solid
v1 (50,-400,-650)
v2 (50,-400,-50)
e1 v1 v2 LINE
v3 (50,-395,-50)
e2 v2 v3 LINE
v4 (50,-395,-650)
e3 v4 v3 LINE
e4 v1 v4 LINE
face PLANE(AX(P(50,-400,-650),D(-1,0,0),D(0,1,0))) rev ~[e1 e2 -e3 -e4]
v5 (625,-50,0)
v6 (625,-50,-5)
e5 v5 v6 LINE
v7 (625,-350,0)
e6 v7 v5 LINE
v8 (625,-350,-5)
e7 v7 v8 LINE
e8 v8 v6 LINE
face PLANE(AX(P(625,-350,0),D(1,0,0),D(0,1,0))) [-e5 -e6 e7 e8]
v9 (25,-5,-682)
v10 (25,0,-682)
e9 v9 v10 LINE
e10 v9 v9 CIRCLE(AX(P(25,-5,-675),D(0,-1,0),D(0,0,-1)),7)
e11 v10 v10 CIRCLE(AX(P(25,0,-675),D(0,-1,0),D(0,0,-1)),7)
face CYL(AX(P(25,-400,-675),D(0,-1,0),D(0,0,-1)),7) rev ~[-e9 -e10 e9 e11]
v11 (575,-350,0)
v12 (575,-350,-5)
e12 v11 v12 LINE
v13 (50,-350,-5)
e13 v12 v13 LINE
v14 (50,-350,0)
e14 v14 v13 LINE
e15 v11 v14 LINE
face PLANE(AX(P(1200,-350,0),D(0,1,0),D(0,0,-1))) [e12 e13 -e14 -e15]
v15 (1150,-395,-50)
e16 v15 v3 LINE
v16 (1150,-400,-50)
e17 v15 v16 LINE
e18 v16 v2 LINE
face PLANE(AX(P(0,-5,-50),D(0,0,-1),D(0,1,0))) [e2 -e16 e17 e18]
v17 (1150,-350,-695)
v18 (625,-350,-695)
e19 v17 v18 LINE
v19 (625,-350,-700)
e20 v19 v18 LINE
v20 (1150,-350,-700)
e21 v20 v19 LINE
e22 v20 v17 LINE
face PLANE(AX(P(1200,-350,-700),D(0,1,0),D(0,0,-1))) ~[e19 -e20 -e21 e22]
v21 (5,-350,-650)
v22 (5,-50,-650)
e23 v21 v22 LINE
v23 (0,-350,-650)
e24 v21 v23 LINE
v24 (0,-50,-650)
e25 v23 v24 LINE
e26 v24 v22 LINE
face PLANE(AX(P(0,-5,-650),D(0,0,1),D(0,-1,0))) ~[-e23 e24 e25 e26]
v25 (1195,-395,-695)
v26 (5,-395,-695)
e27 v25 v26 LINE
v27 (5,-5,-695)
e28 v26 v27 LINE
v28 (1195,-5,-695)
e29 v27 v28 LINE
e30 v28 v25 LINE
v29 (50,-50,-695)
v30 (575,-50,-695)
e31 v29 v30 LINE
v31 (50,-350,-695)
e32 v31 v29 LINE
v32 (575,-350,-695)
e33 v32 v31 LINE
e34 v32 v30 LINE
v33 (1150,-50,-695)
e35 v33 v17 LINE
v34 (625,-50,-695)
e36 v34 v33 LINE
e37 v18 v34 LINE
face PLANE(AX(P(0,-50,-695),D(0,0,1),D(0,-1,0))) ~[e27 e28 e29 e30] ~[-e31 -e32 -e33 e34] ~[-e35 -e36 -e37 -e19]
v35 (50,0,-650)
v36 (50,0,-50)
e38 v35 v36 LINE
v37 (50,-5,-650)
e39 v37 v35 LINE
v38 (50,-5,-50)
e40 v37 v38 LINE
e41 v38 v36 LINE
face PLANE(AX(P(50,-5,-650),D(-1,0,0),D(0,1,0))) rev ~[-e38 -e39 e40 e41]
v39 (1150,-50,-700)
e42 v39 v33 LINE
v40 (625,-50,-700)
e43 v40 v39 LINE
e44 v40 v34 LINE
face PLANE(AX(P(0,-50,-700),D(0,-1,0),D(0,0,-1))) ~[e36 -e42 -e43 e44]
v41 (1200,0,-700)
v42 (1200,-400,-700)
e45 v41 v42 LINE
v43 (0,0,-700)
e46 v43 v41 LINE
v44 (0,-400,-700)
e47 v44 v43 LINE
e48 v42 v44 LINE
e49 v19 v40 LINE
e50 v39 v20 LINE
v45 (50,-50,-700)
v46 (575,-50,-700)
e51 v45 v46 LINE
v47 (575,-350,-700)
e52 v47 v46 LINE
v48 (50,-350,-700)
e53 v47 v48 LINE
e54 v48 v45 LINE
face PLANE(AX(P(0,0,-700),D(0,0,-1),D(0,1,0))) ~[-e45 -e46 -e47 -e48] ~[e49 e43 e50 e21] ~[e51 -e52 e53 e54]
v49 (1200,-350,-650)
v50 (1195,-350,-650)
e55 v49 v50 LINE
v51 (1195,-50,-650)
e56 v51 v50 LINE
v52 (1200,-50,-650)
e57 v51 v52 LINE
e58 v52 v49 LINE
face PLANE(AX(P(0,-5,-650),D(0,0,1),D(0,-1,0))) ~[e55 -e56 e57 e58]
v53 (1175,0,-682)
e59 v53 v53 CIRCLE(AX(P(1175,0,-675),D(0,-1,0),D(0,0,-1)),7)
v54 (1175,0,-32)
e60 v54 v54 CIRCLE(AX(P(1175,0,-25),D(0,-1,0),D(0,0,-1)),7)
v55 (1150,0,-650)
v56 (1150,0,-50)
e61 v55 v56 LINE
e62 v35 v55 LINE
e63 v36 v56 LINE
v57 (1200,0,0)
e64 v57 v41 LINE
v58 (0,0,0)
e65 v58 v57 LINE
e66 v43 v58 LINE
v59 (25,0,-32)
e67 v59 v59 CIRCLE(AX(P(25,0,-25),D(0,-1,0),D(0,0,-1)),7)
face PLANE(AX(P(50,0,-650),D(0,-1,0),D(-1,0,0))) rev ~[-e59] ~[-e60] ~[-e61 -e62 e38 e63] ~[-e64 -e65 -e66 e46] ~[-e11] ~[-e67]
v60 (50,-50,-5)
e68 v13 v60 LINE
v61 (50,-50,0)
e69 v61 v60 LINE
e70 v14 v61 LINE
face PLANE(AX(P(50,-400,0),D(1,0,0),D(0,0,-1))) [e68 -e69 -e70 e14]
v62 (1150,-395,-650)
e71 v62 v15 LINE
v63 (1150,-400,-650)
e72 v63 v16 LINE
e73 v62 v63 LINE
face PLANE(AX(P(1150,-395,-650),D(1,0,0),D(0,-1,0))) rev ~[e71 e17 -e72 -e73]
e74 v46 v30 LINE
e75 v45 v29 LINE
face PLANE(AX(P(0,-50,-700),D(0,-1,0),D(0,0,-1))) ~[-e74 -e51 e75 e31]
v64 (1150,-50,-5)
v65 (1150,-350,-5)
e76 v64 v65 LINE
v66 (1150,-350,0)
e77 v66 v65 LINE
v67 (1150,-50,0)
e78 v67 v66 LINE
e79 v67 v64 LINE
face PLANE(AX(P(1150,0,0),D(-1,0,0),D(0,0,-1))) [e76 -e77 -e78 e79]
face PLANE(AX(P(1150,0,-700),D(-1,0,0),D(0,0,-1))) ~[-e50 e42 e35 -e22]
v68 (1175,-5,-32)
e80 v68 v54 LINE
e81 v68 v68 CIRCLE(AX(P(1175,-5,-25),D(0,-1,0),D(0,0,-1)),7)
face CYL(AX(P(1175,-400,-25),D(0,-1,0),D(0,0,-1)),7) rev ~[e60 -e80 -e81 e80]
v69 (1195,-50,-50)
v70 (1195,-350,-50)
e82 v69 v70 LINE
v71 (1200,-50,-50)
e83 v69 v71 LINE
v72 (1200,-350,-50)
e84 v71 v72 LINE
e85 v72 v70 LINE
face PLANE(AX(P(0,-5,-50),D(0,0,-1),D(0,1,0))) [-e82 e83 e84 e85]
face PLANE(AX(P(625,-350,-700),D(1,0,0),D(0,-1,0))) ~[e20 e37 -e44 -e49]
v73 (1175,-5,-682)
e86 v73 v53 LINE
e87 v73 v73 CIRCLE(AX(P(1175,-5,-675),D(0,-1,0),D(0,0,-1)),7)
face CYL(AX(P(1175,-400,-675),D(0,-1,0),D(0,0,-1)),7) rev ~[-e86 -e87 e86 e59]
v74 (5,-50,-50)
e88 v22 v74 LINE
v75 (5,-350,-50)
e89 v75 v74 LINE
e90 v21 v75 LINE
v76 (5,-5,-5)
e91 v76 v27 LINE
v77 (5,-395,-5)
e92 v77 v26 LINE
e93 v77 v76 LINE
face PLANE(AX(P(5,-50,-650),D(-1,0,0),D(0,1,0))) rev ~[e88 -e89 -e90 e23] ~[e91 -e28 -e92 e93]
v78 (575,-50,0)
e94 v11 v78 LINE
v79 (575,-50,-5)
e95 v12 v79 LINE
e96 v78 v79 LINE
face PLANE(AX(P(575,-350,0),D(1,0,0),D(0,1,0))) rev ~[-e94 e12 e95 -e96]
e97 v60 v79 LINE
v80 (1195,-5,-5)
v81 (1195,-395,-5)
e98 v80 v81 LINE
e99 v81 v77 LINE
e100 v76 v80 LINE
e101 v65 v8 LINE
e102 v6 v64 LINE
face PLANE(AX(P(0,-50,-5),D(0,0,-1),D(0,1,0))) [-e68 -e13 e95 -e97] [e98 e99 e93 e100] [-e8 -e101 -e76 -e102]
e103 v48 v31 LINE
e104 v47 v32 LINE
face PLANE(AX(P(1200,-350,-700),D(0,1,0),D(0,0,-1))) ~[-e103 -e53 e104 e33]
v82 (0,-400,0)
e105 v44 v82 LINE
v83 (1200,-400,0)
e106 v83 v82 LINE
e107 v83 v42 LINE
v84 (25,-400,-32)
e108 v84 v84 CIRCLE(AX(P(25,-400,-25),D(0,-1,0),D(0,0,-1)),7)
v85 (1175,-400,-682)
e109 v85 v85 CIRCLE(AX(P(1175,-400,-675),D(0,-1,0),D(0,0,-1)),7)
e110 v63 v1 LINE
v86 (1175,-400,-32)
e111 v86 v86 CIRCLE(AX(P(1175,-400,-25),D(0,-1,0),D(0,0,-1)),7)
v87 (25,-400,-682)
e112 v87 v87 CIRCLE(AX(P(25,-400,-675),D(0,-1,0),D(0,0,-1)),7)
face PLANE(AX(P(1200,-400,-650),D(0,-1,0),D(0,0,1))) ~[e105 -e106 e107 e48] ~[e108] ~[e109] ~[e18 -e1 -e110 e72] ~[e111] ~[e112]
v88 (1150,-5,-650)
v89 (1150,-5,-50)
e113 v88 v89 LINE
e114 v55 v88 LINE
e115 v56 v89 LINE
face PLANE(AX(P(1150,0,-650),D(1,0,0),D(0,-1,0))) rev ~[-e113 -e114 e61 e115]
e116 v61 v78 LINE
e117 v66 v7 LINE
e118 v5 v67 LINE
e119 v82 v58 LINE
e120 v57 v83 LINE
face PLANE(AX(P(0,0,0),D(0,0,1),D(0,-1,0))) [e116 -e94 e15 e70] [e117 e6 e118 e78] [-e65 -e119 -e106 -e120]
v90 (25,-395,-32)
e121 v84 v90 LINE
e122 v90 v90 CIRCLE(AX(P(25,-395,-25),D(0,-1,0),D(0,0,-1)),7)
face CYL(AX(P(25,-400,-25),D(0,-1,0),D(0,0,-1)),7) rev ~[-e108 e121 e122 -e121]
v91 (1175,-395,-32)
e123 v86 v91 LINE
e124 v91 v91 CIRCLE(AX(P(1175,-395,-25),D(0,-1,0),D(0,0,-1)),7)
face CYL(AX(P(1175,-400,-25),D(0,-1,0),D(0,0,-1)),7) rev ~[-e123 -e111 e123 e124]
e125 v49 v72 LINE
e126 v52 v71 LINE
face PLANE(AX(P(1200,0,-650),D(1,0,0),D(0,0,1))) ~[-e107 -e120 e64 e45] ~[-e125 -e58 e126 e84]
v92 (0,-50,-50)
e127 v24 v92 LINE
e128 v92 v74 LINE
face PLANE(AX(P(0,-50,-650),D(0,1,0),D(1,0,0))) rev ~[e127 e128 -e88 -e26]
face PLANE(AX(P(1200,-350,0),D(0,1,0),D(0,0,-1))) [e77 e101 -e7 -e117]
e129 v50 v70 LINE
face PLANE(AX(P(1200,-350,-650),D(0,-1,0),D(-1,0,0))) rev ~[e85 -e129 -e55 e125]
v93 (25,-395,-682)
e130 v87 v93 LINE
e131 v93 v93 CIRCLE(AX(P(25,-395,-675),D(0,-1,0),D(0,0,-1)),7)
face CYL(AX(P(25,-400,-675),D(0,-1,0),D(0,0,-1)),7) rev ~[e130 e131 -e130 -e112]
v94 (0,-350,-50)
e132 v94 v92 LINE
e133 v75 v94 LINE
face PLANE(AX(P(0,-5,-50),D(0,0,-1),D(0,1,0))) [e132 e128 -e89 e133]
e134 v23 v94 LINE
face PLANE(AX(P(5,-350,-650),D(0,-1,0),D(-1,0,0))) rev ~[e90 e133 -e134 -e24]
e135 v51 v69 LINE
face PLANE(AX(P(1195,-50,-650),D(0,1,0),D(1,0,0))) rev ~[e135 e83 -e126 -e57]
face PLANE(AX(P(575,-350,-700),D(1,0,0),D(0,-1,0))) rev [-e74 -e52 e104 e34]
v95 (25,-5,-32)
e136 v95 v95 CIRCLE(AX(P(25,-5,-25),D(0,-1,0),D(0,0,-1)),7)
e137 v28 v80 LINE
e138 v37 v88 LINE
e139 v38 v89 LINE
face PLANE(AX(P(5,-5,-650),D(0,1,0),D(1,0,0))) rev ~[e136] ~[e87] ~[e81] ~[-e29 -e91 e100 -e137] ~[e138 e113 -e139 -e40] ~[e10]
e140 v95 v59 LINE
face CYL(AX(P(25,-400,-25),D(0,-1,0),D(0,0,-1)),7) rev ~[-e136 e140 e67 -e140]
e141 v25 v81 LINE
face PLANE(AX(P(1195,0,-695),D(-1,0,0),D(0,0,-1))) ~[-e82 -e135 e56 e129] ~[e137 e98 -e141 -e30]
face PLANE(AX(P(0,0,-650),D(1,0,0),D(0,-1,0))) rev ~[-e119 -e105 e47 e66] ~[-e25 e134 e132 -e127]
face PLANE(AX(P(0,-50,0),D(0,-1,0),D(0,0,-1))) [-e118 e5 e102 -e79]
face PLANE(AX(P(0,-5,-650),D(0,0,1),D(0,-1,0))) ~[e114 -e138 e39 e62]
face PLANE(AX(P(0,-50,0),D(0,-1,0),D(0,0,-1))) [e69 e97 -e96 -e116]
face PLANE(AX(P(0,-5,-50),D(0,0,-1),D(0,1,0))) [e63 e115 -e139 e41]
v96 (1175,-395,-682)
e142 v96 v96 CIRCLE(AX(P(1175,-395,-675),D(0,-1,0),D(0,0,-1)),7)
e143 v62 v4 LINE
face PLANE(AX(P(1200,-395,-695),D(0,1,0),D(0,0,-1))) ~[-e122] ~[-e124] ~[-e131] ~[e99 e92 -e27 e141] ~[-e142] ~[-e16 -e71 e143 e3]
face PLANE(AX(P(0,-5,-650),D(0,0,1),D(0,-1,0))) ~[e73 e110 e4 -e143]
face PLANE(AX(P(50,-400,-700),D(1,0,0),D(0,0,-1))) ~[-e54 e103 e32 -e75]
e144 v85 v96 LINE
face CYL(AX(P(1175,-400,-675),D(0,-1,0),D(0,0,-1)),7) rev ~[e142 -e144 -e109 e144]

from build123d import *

# Parameters (mm, degrees)
SKETCH8_W           = 50
SKETCH8_H           = 300
BOSS_EXTRUDE2_DEPTH = 5
BOSS_EXTRUDE3_DEPTH = 600
SKETCH11_R          = 7
CUT_EXTRUDE1_DEPTH  = 405


with BuildPart() as part:
    # Sweep1: sweep along a path in Sketch3
    with BuildLine(Plane.XY) as sweep1_path:
        Line((0, 0), (1200, 0))
        Line((1200, 0), (1200, -400))
        Line((1200, -400), (0, -400))
        Line((0, -400), (0, 0))
    # Sketch1 → Sweep1 (sweep)
    with BuildSketch(Plane(origin=(0, 0, 0), x_dir=(0, 0, -1), z_dir=(1, 0, 0))):
        Polygon((0, 0), (0, -50), (5, -50), (5, -5), (50, -5), (50, 0), align=None)
    sweep(path=sweep1_path.line, transition=Transition.RIGHT)

    # Sketch8 → Boss-Extrude2 (add)
    with BuildSketch(Plane.XY):
        with Locations((600, -200)):
            Rectangle(SKETCH8_W, SKETCH8_H)
    extrude(amount=-BOSS_EXTRUDE2_DEPTH)


with BuildPart() as body_2:
    # Mirror8: mirrored copy
    add(part.part.mirror(Plane.XY.offset(-350)))


with BuildPart() as part_1:
    add(part.part)

    add(body_2.part)  # Boss-Extrude3 merges body 2
    # Sketch10 → Boss-Extrude3 (add)
    with BuildSketch(Plane.XY.offset(-650)):
        Polygon((50, 0), (0, 0), (0, -50), (5, -50), (5, -5), (50, -5), align=None)
        Polygon((1195, -50), (1200, -50), (1200, 0), (1150, 0), (1150, -5), (1195, -5), align=None)
        Polygon((1150, -400), (1200, -400), (1200, -350), (1195, -350), (1195, -395), (1150, -395), align=None)
        Polygon((5, -350), (0, -350), (0, -400), (50, -400), (50, -395), (5, -395), align=None)
    extrude(amount=BOSS_EXTRUDE3_DEPTH)

    # Sketch11 → Cut-Extrude1 (cut)
    with BuildSketch(Plane.XZ.offset(400)):
        with Locations(Location((25, -25, 0), (0, 0, 270))):
            Circle(SKETCH11_R)
        with Locations(Location((1175, -25, 0), (0, 0, 270))):
            Circle(SKETCH11_R)
        with Locations(Location((1175, -675, 0), (0, 0, 270))):
            Circle(SKETCH11_R)
        with Locations(Location((25, -675, 0), (0, 0, 270))):
            Circle(SKETCH11_R)
    extrude(amount=-CUT_EXTRUDE1_DEPTH, mode=Mode.SUBTRACT)


solid = part_1.part
